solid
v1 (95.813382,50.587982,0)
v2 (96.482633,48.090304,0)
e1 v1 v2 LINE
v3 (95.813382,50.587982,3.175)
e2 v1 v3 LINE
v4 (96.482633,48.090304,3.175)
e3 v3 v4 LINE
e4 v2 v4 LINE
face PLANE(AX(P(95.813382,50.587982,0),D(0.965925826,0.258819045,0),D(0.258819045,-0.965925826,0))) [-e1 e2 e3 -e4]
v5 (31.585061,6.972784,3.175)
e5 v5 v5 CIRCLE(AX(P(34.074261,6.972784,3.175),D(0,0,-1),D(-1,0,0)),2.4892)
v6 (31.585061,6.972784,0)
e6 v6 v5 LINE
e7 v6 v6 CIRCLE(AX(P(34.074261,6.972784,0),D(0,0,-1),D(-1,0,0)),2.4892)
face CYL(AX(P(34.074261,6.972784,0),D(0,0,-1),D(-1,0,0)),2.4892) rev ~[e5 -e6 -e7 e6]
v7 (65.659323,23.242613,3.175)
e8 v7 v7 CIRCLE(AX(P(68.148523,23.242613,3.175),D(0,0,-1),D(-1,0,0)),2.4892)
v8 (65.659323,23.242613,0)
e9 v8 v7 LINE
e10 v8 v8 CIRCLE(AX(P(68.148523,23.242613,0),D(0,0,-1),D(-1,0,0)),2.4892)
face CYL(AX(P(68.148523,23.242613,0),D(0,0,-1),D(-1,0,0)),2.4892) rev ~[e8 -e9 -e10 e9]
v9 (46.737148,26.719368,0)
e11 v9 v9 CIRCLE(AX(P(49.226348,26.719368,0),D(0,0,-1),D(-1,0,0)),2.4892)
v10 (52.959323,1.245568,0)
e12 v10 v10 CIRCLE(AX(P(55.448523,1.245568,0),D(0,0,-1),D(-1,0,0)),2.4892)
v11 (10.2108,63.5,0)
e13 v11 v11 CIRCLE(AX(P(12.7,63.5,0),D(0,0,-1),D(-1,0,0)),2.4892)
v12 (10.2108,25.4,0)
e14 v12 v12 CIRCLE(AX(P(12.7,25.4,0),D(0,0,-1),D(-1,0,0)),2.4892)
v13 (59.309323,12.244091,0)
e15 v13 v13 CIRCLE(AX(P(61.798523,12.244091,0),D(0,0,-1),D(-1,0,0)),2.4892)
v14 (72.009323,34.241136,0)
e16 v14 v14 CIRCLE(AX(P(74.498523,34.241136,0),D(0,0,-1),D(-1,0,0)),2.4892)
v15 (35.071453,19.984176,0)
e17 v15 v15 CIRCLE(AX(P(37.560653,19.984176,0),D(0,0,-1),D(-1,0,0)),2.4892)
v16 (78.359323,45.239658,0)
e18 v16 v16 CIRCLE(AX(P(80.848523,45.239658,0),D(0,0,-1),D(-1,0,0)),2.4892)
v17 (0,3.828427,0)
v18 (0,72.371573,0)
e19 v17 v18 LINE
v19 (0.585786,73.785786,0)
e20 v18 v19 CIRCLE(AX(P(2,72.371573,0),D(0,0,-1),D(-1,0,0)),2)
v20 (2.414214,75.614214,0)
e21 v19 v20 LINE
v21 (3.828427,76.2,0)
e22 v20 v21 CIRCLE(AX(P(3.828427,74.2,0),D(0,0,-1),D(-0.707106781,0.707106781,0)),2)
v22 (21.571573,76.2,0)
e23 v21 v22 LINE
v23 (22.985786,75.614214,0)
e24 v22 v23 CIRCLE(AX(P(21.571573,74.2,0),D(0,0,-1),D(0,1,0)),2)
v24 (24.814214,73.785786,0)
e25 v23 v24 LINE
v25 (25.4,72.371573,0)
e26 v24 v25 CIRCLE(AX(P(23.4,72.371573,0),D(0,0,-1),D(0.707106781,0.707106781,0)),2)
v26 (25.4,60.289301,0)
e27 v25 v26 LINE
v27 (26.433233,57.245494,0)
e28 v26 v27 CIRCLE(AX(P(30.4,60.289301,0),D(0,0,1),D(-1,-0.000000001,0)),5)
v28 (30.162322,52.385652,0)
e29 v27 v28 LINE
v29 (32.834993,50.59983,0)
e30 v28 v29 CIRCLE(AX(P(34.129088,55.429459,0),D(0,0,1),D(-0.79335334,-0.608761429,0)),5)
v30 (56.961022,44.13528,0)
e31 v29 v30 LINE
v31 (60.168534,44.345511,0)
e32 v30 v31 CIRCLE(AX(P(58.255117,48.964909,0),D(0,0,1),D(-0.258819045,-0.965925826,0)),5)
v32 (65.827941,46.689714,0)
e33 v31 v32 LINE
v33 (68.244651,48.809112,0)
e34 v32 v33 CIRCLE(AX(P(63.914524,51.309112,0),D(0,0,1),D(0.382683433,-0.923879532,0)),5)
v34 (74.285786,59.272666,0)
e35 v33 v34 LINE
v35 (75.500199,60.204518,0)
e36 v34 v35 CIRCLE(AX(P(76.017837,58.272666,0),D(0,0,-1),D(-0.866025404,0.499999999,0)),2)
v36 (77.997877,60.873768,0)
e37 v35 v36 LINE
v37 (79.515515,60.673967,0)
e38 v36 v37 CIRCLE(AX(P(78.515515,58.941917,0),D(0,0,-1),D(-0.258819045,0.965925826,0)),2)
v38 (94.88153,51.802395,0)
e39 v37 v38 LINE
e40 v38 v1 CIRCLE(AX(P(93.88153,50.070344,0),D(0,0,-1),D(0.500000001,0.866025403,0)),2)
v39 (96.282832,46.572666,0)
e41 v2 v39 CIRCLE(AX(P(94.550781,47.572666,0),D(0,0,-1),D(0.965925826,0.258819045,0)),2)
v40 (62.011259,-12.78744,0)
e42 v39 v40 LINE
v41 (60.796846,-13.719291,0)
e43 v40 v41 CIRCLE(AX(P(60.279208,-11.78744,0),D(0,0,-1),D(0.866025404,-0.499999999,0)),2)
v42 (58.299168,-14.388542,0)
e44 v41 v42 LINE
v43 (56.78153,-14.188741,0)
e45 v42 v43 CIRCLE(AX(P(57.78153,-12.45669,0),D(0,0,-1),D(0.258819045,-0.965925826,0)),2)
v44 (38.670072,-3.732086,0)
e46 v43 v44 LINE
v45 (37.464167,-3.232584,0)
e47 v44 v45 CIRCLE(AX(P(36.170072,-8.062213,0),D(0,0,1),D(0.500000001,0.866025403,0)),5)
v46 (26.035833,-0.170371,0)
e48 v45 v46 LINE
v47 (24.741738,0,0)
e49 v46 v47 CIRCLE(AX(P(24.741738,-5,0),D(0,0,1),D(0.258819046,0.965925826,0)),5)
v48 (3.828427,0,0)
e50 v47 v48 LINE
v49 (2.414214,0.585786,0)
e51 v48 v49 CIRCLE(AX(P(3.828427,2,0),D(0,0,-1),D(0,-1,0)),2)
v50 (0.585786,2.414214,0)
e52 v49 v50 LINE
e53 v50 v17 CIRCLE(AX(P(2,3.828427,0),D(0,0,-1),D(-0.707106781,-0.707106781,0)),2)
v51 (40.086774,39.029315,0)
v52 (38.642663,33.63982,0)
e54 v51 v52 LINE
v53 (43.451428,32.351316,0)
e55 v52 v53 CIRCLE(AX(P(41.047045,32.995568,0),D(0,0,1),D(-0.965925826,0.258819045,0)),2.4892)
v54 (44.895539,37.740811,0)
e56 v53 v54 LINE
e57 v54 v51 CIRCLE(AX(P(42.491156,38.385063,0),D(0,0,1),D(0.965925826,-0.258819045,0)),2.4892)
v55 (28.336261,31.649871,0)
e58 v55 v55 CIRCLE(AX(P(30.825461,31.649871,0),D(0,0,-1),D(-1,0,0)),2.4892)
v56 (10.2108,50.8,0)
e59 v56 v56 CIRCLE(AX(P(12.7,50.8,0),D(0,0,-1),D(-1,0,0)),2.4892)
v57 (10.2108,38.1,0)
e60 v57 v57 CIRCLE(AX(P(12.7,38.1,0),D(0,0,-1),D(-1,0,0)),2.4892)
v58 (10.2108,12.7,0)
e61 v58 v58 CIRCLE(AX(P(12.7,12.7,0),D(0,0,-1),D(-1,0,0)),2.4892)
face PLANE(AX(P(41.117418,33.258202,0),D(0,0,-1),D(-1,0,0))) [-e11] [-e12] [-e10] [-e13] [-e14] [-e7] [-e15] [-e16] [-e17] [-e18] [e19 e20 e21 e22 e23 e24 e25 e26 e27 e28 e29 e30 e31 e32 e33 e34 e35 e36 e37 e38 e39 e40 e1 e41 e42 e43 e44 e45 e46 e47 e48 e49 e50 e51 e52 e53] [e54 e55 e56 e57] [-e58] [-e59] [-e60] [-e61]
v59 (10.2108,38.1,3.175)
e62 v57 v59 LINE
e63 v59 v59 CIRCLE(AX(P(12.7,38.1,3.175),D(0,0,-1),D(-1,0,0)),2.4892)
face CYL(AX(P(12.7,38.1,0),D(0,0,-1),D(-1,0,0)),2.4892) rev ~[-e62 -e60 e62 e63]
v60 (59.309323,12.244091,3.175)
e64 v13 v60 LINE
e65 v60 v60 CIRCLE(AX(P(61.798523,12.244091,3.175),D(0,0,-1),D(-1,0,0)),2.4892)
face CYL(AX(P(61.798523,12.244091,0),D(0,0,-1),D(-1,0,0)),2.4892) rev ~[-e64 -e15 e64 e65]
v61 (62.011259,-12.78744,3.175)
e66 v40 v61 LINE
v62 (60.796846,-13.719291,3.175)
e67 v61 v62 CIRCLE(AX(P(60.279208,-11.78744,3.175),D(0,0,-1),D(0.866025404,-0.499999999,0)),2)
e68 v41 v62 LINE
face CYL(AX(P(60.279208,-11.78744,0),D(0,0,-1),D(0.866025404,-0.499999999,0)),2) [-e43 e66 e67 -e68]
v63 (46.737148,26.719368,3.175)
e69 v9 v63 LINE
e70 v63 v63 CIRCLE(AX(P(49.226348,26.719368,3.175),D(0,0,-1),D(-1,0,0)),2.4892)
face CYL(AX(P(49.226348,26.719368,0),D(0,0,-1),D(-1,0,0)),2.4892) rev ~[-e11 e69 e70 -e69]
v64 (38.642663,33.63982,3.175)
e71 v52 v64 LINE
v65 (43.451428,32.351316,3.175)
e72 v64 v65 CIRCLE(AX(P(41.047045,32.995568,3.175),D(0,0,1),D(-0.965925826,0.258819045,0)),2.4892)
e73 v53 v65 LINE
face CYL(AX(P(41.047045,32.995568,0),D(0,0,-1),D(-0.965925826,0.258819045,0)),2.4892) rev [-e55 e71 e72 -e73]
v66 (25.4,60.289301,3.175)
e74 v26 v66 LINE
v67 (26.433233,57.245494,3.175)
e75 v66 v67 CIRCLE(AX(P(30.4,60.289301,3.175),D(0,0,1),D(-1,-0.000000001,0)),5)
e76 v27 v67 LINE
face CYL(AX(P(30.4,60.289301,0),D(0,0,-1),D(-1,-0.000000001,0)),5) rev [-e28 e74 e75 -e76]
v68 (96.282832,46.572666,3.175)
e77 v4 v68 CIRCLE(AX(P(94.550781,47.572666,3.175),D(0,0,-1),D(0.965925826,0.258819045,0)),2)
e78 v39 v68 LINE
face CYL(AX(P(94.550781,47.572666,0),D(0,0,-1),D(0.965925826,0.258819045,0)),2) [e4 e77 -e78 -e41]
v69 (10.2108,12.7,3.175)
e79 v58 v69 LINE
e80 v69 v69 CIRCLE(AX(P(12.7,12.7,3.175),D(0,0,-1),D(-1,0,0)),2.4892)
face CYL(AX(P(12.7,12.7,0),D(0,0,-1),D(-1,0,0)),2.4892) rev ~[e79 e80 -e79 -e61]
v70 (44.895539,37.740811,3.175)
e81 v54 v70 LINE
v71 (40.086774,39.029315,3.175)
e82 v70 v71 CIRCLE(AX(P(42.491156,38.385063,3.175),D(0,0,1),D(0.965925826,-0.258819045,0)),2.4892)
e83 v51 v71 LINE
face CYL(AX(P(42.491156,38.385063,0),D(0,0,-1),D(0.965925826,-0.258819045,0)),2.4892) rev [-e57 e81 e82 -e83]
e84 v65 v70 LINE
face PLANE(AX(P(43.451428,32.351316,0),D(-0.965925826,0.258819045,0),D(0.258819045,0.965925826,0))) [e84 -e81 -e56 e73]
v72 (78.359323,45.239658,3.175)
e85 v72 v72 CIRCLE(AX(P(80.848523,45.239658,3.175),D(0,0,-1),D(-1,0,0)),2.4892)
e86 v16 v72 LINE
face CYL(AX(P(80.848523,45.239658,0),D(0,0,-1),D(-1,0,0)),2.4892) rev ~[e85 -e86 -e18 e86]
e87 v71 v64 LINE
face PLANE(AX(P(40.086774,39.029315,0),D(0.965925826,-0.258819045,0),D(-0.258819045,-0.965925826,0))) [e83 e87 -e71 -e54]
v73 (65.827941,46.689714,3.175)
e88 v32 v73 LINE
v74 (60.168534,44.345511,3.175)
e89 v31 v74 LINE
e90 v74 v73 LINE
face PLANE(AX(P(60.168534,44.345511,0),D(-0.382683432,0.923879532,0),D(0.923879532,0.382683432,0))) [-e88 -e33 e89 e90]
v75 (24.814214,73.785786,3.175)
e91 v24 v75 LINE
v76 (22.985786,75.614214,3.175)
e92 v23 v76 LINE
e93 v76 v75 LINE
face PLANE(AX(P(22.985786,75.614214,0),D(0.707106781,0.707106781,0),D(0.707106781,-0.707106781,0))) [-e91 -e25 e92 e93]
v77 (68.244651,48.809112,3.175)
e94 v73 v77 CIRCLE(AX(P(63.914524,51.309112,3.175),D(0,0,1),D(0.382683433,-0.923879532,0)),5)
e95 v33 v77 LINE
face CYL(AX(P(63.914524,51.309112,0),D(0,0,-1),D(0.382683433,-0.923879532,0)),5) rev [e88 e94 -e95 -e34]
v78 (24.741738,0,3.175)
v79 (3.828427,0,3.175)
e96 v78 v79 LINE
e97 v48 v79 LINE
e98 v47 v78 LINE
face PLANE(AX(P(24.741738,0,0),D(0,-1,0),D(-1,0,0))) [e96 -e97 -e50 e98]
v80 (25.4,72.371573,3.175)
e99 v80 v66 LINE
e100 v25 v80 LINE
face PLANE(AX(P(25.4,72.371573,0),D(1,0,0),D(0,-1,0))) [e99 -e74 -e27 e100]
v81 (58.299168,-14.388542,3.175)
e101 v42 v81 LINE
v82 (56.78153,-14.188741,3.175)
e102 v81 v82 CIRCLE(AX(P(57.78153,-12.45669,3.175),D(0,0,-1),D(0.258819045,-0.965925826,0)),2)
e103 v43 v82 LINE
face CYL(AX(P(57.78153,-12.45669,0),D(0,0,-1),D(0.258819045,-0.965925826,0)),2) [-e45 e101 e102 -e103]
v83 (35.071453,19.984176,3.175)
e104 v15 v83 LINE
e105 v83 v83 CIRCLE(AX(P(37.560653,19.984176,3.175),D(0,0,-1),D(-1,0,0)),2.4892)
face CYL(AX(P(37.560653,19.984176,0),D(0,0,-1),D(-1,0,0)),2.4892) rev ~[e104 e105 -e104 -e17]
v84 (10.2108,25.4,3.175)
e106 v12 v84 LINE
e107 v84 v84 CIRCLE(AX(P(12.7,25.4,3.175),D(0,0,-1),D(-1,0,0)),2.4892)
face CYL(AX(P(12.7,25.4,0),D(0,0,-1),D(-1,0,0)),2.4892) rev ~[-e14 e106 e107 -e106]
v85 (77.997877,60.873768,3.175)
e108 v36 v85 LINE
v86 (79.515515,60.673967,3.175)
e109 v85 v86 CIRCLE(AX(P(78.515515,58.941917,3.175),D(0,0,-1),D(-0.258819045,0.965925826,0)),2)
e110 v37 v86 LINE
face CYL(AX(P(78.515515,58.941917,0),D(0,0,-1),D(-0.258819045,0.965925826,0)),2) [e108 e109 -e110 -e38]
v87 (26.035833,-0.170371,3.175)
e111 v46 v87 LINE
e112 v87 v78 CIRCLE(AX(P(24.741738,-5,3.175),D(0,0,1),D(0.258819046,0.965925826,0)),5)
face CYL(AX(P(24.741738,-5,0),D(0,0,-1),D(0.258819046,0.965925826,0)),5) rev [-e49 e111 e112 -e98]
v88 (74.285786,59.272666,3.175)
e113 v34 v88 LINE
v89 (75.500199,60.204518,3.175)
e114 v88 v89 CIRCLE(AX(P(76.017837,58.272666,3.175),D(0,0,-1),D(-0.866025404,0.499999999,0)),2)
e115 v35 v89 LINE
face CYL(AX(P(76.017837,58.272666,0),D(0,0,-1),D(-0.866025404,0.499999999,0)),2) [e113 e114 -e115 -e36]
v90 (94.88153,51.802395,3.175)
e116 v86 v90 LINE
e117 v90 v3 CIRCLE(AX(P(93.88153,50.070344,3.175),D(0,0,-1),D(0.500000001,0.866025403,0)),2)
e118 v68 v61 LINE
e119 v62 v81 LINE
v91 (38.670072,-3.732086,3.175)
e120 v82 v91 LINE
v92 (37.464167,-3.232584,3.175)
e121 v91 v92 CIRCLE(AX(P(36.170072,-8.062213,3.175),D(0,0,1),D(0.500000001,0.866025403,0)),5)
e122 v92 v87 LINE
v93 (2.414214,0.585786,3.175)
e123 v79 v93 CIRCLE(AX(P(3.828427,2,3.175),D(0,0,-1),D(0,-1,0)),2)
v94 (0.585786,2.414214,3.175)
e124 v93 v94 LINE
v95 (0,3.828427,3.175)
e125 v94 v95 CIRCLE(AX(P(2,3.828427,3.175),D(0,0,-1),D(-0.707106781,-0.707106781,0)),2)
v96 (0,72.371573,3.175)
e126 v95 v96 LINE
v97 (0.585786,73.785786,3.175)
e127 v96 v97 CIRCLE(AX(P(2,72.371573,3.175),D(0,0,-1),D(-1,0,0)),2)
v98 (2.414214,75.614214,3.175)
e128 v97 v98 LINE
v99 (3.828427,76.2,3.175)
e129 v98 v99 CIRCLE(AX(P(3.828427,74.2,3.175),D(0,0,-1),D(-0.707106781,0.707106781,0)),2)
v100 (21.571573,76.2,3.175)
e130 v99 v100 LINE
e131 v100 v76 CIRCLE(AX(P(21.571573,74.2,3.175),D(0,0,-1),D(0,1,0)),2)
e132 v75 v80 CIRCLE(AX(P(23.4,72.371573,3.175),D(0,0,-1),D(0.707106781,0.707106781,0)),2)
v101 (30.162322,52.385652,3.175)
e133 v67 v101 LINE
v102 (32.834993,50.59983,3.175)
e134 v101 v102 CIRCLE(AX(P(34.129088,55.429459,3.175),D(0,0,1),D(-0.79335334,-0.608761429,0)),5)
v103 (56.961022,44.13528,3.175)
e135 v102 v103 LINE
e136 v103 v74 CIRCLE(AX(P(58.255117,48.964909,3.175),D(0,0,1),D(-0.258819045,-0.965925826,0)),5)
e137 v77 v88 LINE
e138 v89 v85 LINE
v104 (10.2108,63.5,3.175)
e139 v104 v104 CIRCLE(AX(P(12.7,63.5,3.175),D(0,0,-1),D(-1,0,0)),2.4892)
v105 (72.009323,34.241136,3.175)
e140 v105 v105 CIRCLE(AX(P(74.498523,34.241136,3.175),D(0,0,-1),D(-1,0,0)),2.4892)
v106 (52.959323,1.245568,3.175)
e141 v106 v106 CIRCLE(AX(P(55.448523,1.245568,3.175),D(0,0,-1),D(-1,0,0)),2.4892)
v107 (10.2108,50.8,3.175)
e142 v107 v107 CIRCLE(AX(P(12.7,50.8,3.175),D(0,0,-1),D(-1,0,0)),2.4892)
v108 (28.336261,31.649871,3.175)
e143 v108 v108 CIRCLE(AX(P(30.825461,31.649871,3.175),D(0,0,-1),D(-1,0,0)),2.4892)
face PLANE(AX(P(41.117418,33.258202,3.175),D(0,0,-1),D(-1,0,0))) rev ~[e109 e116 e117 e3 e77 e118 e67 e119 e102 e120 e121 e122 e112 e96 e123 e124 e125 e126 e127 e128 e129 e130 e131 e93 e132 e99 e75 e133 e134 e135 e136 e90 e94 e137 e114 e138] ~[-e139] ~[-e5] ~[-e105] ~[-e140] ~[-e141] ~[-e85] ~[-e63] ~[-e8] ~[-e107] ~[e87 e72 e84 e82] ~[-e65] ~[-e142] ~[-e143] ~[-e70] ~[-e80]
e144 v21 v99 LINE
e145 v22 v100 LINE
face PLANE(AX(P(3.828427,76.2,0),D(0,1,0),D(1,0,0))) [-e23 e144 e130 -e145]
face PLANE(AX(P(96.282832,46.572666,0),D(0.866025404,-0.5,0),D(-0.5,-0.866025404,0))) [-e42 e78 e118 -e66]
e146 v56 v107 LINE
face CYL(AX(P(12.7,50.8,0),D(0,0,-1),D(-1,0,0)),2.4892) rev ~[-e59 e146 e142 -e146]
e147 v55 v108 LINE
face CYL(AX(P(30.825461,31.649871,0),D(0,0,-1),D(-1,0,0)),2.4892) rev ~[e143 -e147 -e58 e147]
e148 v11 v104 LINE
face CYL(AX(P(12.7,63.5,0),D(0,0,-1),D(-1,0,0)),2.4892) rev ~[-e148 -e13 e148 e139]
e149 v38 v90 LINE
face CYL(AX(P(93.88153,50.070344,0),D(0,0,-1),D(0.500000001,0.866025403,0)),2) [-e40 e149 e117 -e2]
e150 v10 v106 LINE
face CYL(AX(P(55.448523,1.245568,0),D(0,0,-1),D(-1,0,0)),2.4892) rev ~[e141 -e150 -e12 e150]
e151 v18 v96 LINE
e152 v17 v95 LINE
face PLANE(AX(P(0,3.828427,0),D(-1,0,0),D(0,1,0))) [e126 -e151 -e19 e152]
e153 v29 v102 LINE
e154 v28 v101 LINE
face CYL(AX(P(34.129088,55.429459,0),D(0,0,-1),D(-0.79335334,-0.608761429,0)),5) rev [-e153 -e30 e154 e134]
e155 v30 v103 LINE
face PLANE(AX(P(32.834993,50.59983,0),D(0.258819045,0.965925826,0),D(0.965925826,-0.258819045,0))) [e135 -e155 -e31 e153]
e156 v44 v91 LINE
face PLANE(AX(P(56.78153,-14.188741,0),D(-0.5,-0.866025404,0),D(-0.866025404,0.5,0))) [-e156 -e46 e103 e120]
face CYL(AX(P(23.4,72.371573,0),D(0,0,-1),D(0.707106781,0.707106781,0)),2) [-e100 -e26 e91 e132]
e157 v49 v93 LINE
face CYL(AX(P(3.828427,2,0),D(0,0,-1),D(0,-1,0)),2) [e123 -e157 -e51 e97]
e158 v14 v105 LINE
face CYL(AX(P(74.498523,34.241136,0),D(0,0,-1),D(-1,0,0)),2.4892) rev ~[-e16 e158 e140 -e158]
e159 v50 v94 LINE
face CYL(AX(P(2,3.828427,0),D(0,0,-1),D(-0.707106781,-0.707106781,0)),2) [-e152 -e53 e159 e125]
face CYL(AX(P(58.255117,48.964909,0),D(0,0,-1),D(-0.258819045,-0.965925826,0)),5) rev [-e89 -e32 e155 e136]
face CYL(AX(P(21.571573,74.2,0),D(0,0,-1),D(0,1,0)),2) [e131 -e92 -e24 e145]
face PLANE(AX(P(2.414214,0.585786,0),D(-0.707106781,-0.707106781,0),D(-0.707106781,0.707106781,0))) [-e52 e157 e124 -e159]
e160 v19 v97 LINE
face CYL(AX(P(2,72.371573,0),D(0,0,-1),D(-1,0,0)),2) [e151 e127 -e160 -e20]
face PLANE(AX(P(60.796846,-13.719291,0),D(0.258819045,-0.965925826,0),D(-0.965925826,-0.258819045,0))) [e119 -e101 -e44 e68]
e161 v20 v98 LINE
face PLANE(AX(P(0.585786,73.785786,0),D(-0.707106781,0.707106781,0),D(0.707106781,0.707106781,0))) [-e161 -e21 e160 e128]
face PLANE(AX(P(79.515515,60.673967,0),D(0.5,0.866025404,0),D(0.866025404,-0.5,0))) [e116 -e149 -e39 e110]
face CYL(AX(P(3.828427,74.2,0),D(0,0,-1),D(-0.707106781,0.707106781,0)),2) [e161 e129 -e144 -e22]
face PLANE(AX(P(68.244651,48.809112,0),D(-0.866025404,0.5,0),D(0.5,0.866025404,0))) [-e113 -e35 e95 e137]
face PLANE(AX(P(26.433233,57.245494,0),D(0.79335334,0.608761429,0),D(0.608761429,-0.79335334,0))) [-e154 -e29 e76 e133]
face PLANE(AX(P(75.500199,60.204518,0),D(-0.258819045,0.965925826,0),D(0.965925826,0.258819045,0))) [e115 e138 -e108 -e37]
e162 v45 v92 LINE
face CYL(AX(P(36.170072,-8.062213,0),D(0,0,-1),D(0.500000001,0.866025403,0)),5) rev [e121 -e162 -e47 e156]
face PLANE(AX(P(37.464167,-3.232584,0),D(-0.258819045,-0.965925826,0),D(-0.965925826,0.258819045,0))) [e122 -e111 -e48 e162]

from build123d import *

# Parameters (mm, degrees)
SKETCH1_R           = 2.4892
BOSS_EXTRUDE1_DEPTH = 3.175


with BuildPart() as part:
    # Sketch1 → Boss-Extrude1 (new body)
    with BuildSketch(Plane(origin=(0, 0, 0), x_dir=(-1, 0, 0), z_dir=(0, 0, -1))):
        with BuildLine():
            Line((-2.414213562, 0.585786438), (-0.585786438, 2.414213562))
            ThreePointArc((-0.585786438, 2.414213562), (-0.152240935, 3.06306026), (0, 3.828427125))
            Line((0, 3.828427125), (0, 72.371572875))
            ThreePointArc((0, 72.371572875), (-0.152240935, 73.13693974), (-0.585786438, 73.785786438))
            Line((-0.585786438, 73.785786438), (-2.414213562, 75.614213562))
            ThreePointArc((-2.414213562, 75.614213562), (-3.06306026, 76.047759065), (-3.828427125, 76.2))
            Line((-3.828427125, 76.2), (-21.571572875, 76.2))
            ThreePointArc((-21.571572875, 76.2), (-22.33693974, 76.047759065), (-22.985786438, 75.614213562))
            Line((-22.985786438, 75.614213562), (-24.814213562, 73.785786438))
            ThreePointArc((-24.814213562, 73.785786438), (-25.247759065, 73.13693974), (-25.4, 72.371572875))
            Line((-25.4, 72.371572875), (-25.4, 60.289301259))
            ThreePointArc((-25.4, 60.289301259), (-25.665349353, 58.682103933), (-26.433233299, 57.245494114))
            Line((-26.433233299, 57.245494114), (-30.162321659, 52.385651545))
            ThreePointArc((-30.162321659, 52.385651545), (-31.351237196, 51.272110628), (-32.834993135, 50.599829559))
            Line((-32.834993135, 50.599829559), (-56.961021847, 44.135279649))
            ThreePointArc((-56.961021847, 44.135279649), (-58.582132719, 43.975614164), (-60.168534235, 44.345511117))
            Line((-60.168534235, 44.345511117), (-65.827940772, 46.68971406))
            ThreePointArc((-65.827940772, 46.68971406), (-67.211252686, 47.549912686), (-68.24465063, 48.809111723))
            Line((-68.24465063, 48.809111723), (-74.285786438, 59.272665878))
            ThreePointArc((-74.285786438, 59.272665878), (-74.800314387, 59.859372559), (-75.500199155, 60.204517531))
            Line((-75.500199155, 60.204517531), (-77.997877056, 60.873768307))
            ThreePointArc((-77.997877056, 60.873768307), (-78.776567531, 60.924806377), (-79.515515147, 60.673967462))
            Line((-79.515515147, 60.673967462), (-94.88153011, 51.802394587))
            ThreePointArc((-94.88153011, 51.802394587), (-95.46823679, 51.287866637), (-95.813381762, 50.58798187))
            Line((-95.813381762, 50.58798187), (-96.482632539, 48.090303968))
            ThreePointArc((-96.482632539, 48.090303968), (-96.533670609, 47.311613493), (-96.282831694, 46.572665878))
            Line((-96.282831694, 46.572665878), (-62.011258818, -12.787439597))
            ThreePointArc((-62.011258818, -12.787439597), (-61.496730869, -13.374146278), (-60.796846101, -13.71929125))
            Line((-60.796846101, -13.71929125), (-58.2991682, -14.388542027))
            ThreePointArc((-58.2991682, -14.388542027), (-57.520477725, -14.439580097), (-56.78153011, -14.188741182))
            Line((-56.78153011, -14.188741182), (-38.670072037, -3.732085988))
            ThreePointArc((-38.670072037, -3.732085988), (-38.083489199, -3.442815344), (-37.464167262, -3.232583875))
            Line((-37.464167262, -3.232583875), (-26.035832738, -0.170370869))
            ThreePointArc((-26.035832738, -0.170370869), (-25.394368473, -0.042775693), (-24.741737512, 0))
            Line((-24.741737512, 0), (-3.828427125, 0))
            ThreePointArc((-3.828427125, 0), (-3.06306026, 0.152240935), (-2.414213562, 0.585786438))
        make_face()
        with Locations((-12.7, 12.7)):
            Circle(SKETCH1_R, mode=Mode.SUBTRACT)
        with Locations((-61.798522628, 12.244090512)):
            Circle(SKETCH1_R, mode=Mode.SUBTRACT)
        with Locations((-74.498522628, 34.241135768)):
            Circle(SKETCH1_R, mode=Mode.SUBTRACT)
        with Locations((-12.7, 25.4)):
            Circle(SKETCH1_R, mode=Mode.SUBTRACT)
        with Locations((-80.848522628, 45.239658396)):
            Circle(SKETCH1_R, mode=Mode.SUBTRACT)
        with Locations((-68.148522628, 23.24261314)):
            Circle(SKETCH1_R, mode=Mode.SUBTRACT)
        with Locations((-55.448522628, 1.245567884)):
            Circle(SKETCH1_R, mode=Mode.SUBTRACT)
        with Locations((-12.7, 38.1)):
            Circle(SKETCH1_R, mode=Mode.SUBTRACT)
        with Locations((-30.825461194, 31.649870813)):
            Circle(SKETCH1_R, mode=Mode.SUBTRACT)
        with Locations((-12.7, 50.8)):
            Circle(SKETCH1_R, mode=Mode.SUBTRACT)
        with Locations((-12.7, 63.5)):
            Circle(SKETCH1_R, mode=Mode.SUBTRACT)
        with Locations((-49.226348185, 26.719368004)):
            Circle(SKETCH1_R, mode=Mode.SUBTRACT)
        with Locations((-37.560653285, 19.984175913)):
            Circle(SKETCH1_R, mode=Mode.SUBTRACT)
        with Locations((-34.074261314, 6.972783942)):
            Circle(SKETCH1_R, mode=Mode.SUBTRACT)
        with BuildLine():
            Line((-43.451427823, 32.351315517), (-44.895538661, 37.740810537))
            ThreePointArc((-44.895538661, 37.740810537), (-43.135408461, 40.789445471), (-40.086773527, 39.029315271))
            Line((-40.086773527, 39.029315271), (-38.642662689, 33.639820251))
            ThreePointArc((-38.642662689, 33.639820251), (-40.402792889, 30.591185317), (-43.451427823, 32.351315517))
        make_face(mode=Mode.SUBTRACT)
    extrude(amount=-BOSS_EXTRUDE1_DEPTH)


solid = part.part
